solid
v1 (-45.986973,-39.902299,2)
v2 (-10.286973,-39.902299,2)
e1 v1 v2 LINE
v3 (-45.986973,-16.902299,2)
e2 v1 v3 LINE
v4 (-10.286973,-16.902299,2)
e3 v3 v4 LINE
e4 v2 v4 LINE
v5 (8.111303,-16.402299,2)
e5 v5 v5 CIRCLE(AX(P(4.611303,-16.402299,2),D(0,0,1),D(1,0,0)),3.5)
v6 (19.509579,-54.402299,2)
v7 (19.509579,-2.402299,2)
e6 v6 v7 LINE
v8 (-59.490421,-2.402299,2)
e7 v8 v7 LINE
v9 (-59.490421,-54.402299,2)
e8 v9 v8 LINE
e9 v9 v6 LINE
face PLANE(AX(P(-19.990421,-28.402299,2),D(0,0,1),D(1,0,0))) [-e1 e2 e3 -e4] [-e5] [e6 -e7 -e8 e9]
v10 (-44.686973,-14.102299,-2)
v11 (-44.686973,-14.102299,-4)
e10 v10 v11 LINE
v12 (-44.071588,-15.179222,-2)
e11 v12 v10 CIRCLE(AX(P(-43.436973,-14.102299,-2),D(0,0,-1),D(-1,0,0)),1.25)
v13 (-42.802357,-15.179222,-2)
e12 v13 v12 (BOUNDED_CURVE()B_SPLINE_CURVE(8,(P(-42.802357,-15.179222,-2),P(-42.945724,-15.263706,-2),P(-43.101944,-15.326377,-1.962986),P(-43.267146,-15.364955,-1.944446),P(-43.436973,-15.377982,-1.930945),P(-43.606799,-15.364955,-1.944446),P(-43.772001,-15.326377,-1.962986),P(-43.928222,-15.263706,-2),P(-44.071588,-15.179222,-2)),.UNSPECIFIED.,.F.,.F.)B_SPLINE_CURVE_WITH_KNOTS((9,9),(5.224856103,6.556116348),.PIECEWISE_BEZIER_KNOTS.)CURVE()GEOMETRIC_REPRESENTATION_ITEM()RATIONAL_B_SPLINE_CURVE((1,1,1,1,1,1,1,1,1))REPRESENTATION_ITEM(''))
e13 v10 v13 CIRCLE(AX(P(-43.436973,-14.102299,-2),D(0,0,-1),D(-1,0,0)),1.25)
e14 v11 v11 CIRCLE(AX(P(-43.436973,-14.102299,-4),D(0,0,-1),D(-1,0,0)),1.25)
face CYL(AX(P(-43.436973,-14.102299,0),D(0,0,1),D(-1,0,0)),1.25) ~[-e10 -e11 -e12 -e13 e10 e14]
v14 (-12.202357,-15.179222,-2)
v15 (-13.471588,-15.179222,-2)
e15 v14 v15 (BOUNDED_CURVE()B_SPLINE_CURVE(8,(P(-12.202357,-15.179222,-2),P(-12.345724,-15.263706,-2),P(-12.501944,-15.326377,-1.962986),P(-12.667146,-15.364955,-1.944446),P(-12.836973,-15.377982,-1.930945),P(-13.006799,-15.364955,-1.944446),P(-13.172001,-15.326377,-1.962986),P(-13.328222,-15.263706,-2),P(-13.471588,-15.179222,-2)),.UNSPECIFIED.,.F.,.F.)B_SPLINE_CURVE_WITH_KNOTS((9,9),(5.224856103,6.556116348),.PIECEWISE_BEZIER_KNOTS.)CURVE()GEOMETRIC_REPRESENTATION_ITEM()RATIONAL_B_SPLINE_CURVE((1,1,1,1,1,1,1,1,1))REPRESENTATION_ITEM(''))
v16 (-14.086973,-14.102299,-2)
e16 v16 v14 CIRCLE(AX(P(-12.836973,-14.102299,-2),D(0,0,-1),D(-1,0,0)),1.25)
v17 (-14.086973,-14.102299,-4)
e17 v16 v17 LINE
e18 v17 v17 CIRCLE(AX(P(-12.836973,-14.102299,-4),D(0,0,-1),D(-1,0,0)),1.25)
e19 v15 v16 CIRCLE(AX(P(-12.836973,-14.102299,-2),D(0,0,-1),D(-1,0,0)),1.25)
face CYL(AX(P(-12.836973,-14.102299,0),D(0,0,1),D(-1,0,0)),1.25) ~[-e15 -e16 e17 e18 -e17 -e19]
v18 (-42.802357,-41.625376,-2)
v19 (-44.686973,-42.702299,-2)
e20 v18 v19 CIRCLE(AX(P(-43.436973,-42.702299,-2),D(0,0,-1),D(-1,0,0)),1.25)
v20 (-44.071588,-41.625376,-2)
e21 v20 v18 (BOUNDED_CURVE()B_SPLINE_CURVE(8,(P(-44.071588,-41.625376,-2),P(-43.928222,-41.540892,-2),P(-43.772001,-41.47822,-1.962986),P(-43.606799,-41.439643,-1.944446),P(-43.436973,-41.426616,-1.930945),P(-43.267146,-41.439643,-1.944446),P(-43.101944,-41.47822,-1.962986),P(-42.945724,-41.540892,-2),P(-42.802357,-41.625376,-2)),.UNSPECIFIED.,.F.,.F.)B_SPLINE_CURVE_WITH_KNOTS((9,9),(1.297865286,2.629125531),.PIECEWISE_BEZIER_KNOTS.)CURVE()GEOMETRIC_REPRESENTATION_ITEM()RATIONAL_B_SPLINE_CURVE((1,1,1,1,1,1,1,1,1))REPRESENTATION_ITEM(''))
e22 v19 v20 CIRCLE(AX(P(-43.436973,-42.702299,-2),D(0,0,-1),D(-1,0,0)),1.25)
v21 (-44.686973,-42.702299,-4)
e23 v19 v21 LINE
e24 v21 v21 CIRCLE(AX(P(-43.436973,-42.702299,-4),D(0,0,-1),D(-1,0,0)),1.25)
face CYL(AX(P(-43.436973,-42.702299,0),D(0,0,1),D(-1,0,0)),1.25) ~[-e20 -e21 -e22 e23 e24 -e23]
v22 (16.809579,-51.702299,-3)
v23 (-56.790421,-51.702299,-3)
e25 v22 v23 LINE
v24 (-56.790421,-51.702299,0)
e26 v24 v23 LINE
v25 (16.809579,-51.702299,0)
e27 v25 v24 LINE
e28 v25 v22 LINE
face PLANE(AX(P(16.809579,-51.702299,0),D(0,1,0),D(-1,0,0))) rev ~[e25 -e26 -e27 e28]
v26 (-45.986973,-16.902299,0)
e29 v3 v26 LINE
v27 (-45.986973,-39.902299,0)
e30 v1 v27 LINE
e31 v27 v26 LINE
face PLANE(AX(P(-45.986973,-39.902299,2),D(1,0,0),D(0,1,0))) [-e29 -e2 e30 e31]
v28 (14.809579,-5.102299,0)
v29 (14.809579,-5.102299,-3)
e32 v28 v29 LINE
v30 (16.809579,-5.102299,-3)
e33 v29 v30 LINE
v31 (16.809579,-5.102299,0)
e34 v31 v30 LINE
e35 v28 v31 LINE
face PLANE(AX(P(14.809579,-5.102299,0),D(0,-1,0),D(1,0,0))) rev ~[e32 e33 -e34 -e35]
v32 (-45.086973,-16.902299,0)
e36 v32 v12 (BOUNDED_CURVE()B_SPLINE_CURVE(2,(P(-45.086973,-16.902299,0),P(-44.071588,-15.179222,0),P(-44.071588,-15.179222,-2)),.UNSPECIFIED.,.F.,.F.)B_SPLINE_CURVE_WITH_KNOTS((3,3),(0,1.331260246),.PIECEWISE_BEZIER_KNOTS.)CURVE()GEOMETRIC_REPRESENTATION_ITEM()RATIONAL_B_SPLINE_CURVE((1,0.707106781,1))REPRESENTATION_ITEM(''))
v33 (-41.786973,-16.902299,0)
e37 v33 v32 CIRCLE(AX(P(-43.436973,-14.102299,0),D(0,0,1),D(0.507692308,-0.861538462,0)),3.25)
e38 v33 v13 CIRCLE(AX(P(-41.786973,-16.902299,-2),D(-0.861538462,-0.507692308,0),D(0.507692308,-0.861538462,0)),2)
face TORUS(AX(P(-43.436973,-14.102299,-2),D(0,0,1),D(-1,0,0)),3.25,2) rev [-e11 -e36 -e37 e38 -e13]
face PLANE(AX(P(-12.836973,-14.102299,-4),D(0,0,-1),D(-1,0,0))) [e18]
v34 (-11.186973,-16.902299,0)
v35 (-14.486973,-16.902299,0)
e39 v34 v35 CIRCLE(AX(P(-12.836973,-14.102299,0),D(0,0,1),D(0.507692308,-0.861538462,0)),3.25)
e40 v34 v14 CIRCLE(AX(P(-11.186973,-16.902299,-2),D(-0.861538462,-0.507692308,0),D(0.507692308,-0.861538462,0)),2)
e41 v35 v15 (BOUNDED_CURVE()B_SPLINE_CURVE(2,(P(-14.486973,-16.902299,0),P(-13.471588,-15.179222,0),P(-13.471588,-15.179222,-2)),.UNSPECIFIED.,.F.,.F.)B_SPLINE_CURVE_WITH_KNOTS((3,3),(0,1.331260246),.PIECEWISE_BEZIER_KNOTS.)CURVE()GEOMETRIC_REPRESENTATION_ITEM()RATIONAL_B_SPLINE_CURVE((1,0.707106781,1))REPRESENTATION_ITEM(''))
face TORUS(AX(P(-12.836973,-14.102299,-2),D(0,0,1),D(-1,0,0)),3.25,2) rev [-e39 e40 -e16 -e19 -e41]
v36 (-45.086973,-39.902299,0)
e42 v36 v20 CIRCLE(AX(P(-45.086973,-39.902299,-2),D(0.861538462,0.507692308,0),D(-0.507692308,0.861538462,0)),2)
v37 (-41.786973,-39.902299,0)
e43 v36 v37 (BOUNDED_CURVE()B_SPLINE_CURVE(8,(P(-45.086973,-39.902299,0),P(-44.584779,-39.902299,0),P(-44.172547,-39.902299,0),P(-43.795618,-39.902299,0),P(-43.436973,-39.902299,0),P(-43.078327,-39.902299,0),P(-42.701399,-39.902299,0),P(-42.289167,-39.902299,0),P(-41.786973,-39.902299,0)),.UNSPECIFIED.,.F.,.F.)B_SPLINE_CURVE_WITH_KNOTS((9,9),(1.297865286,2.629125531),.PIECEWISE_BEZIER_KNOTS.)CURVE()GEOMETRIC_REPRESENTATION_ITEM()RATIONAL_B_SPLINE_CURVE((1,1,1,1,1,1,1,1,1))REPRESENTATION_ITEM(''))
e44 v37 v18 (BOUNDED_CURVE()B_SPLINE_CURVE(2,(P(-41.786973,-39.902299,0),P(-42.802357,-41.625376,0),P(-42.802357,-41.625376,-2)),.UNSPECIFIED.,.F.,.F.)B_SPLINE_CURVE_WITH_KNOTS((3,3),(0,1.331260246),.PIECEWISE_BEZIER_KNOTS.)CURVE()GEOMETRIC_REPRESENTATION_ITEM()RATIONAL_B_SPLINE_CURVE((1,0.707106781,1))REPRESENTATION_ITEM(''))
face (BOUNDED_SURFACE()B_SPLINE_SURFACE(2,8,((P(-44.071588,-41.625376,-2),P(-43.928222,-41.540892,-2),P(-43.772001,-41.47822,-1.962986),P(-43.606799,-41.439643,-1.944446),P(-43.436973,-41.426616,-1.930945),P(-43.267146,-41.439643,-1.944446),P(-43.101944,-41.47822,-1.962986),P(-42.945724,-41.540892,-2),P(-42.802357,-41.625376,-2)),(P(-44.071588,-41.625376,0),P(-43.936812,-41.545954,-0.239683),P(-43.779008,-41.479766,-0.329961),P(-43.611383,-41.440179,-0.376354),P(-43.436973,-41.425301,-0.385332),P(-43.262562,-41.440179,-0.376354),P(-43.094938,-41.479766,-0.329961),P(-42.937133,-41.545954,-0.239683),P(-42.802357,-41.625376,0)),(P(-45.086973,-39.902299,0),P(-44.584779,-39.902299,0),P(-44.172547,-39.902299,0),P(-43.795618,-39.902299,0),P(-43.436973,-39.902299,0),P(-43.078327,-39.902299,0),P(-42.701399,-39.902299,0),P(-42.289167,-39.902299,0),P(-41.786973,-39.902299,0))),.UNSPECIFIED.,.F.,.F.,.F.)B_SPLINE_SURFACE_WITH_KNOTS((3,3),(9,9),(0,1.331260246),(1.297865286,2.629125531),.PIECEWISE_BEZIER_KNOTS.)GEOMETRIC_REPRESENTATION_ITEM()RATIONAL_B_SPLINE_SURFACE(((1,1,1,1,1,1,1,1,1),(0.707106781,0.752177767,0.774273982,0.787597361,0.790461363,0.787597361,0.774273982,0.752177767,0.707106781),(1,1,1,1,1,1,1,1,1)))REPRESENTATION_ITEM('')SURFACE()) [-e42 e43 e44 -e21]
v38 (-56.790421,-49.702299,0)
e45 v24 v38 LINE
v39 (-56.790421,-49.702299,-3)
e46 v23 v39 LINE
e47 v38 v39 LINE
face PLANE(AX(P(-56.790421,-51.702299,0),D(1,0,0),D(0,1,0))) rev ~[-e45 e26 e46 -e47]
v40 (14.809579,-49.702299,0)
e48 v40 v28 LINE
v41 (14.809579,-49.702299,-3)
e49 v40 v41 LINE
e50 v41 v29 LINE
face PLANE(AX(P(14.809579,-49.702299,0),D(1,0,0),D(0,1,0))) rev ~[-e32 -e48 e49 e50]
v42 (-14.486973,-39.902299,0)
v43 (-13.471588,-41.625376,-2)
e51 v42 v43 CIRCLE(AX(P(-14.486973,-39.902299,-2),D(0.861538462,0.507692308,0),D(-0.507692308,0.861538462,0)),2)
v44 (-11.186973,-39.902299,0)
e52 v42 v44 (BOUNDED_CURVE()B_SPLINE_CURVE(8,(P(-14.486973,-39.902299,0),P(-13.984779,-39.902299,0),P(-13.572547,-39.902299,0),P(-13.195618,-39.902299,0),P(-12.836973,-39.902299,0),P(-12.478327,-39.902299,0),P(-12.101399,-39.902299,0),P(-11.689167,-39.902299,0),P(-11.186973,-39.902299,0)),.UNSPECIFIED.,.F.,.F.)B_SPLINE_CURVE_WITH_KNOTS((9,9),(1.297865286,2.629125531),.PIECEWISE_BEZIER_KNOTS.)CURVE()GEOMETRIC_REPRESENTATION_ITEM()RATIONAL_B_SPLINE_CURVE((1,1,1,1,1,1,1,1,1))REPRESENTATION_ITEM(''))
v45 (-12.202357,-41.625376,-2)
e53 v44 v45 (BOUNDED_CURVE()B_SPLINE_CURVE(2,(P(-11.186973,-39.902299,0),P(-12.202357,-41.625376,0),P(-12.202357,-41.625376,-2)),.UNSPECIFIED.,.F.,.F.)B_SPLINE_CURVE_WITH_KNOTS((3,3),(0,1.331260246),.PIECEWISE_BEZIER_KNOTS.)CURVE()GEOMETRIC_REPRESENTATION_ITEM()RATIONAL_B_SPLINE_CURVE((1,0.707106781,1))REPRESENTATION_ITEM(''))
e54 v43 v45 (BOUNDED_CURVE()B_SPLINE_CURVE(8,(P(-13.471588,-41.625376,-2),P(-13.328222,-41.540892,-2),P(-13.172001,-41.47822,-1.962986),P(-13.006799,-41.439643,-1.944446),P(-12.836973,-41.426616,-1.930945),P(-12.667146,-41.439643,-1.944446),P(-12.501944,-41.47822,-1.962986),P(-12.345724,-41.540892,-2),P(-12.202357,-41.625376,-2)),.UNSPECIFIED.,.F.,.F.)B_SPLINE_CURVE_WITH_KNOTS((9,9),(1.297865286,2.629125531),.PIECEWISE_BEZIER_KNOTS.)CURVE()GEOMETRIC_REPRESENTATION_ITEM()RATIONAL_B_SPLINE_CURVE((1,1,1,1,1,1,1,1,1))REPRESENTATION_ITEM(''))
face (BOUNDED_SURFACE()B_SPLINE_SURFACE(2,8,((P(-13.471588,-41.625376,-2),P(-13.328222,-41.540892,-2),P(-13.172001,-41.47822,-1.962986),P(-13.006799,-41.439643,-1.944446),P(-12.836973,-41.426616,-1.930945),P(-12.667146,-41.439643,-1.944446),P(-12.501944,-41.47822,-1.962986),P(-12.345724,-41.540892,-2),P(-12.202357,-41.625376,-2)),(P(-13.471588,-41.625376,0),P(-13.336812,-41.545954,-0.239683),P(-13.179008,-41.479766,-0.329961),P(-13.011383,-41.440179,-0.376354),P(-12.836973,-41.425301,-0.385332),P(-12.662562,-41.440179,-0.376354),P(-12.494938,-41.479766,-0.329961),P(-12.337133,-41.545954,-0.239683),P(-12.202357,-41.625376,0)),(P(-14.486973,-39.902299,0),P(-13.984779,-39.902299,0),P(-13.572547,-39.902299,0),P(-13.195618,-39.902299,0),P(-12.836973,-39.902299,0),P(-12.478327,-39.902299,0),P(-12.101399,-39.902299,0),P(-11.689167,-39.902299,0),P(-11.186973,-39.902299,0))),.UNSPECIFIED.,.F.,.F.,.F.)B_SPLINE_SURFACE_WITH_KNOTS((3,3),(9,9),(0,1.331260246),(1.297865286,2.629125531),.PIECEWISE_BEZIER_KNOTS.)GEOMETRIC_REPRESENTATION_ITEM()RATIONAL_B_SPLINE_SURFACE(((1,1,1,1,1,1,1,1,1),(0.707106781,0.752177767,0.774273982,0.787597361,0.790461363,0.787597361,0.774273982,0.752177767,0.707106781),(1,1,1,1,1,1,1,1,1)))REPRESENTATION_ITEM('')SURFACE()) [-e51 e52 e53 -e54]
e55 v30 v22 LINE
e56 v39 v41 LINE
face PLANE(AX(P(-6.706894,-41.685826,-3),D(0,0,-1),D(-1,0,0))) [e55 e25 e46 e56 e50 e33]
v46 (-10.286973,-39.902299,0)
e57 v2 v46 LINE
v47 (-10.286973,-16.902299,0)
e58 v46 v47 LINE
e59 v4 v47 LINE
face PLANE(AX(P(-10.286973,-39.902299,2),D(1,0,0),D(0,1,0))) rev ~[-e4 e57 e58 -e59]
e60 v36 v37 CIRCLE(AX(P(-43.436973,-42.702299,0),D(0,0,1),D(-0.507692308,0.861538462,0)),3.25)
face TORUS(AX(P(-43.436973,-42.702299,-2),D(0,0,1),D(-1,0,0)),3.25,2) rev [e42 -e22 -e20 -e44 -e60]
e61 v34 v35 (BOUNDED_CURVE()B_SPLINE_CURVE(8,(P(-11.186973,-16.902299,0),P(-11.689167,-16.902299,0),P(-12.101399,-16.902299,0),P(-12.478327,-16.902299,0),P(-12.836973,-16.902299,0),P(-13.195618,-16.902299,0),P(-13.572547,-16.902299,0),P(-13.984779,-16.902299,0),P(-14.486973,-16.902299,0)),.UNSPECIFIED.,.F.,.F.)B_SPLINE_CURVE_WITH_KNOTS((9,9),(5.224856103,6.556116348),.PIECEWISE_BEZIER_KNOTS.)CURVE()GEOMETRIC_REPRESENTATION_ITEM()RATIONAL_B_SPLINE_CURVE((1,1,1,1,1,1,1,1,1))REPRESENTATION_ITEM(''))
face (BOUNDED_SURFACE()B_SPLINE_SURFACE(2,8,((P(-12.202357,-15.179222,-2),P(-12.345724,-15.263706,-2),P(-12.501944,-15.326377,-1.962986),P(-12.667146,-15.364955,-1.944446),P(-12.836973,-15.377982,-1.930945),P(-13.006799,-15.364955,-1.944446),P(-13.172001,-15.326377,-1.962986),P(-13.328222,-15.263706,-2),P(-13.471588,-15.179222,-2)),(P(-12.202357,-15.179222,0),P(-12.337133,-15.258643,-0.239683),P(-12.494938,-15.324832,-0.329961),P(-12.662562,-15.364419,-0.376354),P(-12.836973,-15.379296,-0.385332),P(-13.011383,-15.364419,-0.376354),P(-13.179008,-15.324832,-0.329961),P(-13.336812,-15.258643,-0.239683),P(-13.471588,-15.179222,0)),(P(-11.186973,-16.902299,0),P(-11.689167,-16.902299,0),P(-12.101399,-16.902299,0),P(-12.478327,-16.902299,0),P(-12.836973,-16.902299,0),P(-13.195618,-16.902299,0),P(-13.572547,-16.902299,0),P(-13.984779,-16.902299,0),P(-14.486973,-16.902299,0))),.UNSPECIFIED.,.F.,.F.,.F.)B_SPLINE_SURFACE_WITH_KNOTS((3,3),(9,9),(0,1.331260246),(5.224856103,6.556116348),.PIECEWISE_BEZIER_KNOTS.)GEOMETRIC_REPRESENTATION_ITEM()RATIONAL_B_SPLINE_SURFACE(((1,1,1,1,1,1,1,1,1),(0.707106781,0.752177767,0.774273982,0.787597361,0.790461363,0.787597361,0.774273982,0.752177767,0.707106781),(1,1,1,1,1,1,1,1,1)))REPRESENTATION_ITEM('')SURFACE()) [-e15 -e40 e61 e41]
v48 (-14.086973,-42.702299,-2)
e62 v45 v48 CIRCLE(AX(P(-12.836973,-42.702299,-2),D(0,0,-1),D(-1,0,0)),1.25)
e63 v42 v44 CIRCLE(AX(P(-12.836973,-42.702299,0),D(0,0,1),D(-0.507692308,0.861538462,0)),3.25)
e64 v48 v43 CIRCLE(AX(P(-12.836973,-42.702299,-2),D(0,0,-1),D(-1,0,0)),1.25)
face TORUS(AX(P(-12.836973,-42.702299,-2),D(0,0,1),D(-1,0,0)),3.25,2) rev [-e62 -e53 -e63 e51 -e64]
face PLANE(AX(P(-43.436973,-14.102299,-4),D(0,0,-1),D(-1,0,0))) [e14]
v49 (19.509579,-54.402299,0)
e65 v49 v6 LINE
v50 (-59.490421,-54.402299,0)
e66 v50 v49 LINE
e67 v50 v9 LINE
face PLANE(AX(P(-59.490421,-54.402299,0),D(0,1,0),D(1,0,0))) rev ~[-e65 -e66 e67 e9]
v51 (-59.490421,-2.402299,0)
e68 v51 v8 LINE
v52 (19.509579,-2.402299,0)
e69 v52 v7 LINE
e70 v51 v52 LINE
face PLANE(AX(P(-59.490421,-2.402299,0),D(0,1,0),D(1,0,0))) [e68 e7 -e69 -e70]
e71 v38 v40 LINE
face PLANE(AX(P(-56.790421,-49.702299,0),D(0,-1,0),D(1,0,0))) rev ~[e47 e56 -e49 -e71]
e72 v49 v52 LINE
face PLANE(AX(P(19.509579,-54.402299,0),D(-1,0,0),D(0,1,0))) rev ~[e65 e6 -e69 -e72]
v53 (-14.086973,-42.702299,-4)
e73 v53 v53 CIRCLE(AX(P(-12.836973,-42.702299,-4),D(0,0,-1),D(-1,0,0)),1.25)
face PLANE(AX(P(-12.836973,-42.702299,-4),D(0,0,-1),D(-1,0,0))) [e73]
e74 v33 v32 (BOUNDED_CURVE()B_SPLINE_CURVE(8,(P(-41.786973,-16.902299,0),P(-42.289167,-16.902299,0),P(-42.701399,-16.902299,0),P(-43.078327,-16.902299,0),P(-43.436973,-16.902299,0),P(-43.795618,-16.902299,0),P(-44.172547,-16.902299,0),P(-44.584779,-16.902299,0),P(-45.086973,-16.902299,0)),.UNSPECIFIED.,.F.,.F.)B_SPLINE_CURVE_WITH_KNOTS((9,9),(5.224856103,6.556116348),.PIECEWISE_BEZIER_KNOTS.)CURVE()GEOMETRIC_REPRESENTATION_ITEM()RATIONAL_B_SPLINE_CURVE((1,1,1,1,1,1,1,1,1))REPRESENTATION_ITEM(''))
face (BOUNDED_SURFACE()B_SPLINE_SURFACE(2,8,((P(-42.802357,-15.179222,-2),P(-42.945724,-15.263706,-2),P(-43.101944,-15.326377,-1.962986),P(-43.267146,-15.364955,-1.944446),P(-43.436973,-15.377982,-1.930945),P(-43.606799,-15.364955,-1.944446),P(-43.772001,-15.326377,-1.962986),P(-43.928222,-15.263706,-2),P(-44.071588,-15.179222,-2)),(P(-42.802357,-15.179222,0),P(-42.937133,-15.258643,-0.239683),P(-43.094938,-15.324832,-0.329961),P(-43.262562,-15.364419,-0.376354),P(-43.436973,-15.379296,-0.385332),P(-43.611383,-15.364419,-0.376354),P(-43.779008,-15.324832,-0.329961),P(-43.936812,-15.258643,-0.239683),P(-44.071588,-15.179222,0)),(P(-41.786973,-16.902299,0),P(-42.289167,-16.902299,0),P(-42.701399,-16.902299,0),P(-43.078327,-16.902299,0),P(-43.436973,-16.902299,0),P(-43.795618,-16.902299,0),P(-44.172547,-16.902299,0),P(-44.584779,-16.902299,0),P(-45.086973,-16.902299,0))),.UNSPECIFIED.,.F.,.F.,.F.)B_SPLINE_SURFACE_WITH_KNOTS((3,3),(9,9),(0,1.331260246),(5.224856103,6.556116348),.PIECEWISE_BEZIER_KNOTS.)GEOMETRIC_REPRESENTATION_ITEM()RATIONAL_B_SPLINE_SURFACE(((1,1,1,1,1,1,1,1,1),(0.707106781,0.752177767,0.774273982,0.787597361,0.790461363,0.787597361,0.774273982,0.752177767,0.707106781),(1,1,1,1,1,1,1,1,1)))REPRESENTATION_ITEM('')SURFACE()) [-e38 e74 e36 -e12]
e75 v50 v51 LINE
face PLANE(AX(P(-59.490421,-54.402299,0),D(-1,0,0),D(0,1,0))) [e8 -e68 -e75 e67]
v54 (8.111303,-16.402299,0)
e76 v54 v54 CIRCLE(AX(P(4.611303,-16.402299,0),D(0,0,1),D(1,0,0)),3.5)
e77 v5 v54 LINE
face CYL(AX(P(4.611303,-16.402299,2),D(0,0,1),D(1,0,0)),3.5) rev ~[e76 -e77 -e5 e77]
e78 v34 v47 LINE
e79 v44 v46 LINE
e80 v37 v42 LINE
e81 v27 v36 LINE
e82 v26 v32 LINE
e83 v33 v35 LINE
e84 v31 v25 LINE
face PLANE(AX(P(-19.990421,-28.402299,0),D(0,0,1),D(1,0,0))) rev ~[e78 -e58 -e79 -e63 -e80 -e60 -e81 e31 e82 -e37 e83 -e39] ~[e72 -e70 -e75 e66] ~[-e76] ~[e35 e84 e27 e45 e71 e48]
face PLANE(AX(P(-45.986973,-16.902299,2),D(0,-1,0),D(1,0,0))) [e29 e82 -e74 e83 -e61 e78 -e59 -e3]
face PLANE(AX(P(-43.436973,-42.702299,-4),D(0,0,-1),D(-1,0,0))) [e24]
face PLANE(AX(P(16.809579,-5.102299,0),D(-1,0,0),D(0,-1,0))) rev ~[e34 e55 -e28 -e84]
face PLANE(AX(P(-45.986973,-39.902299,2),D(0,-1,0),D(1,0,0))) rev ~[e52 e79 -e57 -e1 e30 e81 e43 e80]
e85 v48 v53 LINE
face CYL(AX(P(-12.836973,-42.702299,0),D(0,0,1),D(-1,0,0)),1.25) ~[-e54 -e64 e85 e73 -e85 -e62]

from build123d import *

# Parameters (mm, degrees)
SKIZZE10_W                       = 79
SKIZZE10_H                       = 52
AUFSATZ_LINEAR_AUSTRAGEN8_DEPTH  = 2
SKIZZE11_W                       = 35.7
SKIZZE11_H                       = 23
SCHNITT_LINEAR_AUSTRAGEN3_DEPTH  = 2
SKIZZE13_R                       = 3.5
SCHNITT_LINEAR_AUSTRAGEN4_DEPTH  = 2
SKIZZE14_R                       = 1.25
AUFSATZ_LINEAR_AUSTRAGEN9_DEPTH  = 4
AUFSATZ_LINEAR_AUSTRAGEN10_DEPTH = 3
VERRUNDUNG1_R                    = 2


with BuildPart() as part:
    # Skizze10 → Aufsatz-Linear austragen8 (new body)
    with BuildSketch(Plane.XY):
        with Locations((-19.990421456, -28.402298851)):
            Rectangle(SKIZZE10_W, SKIZZE10_H)
    extrude(amount=AUFSATZ_LINEAR_AUSTRAGEN8_DEPTH)

    # Skizze11 → Schnitt-Linear austragen3 (cut)
    with BuildSketch(Plane.XY.offset(2)):
        with Locations((-28.136972684, -28.402298851)):
            Rectangle(SKIZZE11_W, SKIZZE11_H)
    extrude(amount=-SCHNITT_LINEAR_AUSTRAGEN3_DEPTH, mode=Mode.SUBTRACT)

    # Skizze13 → Schnitt-Linear austragen4 (cut)
    with BuildSketch(Plane.XY.offset(2)):
        with Locations((4.61130293, -16.402298851)):
            Circle(SKIZZE13_R)
    extrude(amount=-SCHNITT_LINEAR_AUSTRAGEN4_DEPTH, mode=Mode.SUBTRACT)

    # Skizze14 → Aufsatz-Linear austragen9 (add)
    with BuildSketch(Plane(origin=(0, 0, 0), x_dir=(-1, 0, 0), z_dir=(0, 0, -1))):
        with Locations((43.436972684, -14.102298851)):
            Circle(SKIZZE14_R)
        with Locations((43.436972684, -42.702298851)):
            Circle(SKIZZE14_R)
        with Locations((12.836972684, -14.102298851)):
            Circle(SKIZZE14_R)
        with Locations((12.836972684, -42.702298851)):
            Circle(SKIZZE14_R)
    extrude(amount=AUFSATZ_LINEAR_AUSTRAGEN9_DEPTH)

    # Skizze15 → Aufsatz-Linear austragen10 (add)
    with BuildSketch(Plane(origin=(0, 0, 0), x_dir=(-1, 0, 0), z_dir=(0, 0, -1))):
        Polygon((-16.809578544, -5.102298851), (-16.809578544, -51.702298851), (56.790421456, -51.702298851), (56.790421456, -49.702298851), (-14.809578544, -49.702298851), (-14.809578544, -5.102298851), align=None)
    extrude(amount=AUFSATZ_LINEAR_AUSTRAGEN10_DEPTH)

    # Verrundung1
    verrundung1_edges = [part.edges().sort_by_distance(p)[0] for p in [
        (-42.186972684, -14.102298851, 0),
        (-42.186972684, -42.702298851, 0),
        (-11.586972684, -14.102298851, 0),
        (-11.586972684, -42.702298851, 0),
    ]]
    fillet(verrundung1_edges, radius=VERRUNDUNG1_R)


solid = part.part
